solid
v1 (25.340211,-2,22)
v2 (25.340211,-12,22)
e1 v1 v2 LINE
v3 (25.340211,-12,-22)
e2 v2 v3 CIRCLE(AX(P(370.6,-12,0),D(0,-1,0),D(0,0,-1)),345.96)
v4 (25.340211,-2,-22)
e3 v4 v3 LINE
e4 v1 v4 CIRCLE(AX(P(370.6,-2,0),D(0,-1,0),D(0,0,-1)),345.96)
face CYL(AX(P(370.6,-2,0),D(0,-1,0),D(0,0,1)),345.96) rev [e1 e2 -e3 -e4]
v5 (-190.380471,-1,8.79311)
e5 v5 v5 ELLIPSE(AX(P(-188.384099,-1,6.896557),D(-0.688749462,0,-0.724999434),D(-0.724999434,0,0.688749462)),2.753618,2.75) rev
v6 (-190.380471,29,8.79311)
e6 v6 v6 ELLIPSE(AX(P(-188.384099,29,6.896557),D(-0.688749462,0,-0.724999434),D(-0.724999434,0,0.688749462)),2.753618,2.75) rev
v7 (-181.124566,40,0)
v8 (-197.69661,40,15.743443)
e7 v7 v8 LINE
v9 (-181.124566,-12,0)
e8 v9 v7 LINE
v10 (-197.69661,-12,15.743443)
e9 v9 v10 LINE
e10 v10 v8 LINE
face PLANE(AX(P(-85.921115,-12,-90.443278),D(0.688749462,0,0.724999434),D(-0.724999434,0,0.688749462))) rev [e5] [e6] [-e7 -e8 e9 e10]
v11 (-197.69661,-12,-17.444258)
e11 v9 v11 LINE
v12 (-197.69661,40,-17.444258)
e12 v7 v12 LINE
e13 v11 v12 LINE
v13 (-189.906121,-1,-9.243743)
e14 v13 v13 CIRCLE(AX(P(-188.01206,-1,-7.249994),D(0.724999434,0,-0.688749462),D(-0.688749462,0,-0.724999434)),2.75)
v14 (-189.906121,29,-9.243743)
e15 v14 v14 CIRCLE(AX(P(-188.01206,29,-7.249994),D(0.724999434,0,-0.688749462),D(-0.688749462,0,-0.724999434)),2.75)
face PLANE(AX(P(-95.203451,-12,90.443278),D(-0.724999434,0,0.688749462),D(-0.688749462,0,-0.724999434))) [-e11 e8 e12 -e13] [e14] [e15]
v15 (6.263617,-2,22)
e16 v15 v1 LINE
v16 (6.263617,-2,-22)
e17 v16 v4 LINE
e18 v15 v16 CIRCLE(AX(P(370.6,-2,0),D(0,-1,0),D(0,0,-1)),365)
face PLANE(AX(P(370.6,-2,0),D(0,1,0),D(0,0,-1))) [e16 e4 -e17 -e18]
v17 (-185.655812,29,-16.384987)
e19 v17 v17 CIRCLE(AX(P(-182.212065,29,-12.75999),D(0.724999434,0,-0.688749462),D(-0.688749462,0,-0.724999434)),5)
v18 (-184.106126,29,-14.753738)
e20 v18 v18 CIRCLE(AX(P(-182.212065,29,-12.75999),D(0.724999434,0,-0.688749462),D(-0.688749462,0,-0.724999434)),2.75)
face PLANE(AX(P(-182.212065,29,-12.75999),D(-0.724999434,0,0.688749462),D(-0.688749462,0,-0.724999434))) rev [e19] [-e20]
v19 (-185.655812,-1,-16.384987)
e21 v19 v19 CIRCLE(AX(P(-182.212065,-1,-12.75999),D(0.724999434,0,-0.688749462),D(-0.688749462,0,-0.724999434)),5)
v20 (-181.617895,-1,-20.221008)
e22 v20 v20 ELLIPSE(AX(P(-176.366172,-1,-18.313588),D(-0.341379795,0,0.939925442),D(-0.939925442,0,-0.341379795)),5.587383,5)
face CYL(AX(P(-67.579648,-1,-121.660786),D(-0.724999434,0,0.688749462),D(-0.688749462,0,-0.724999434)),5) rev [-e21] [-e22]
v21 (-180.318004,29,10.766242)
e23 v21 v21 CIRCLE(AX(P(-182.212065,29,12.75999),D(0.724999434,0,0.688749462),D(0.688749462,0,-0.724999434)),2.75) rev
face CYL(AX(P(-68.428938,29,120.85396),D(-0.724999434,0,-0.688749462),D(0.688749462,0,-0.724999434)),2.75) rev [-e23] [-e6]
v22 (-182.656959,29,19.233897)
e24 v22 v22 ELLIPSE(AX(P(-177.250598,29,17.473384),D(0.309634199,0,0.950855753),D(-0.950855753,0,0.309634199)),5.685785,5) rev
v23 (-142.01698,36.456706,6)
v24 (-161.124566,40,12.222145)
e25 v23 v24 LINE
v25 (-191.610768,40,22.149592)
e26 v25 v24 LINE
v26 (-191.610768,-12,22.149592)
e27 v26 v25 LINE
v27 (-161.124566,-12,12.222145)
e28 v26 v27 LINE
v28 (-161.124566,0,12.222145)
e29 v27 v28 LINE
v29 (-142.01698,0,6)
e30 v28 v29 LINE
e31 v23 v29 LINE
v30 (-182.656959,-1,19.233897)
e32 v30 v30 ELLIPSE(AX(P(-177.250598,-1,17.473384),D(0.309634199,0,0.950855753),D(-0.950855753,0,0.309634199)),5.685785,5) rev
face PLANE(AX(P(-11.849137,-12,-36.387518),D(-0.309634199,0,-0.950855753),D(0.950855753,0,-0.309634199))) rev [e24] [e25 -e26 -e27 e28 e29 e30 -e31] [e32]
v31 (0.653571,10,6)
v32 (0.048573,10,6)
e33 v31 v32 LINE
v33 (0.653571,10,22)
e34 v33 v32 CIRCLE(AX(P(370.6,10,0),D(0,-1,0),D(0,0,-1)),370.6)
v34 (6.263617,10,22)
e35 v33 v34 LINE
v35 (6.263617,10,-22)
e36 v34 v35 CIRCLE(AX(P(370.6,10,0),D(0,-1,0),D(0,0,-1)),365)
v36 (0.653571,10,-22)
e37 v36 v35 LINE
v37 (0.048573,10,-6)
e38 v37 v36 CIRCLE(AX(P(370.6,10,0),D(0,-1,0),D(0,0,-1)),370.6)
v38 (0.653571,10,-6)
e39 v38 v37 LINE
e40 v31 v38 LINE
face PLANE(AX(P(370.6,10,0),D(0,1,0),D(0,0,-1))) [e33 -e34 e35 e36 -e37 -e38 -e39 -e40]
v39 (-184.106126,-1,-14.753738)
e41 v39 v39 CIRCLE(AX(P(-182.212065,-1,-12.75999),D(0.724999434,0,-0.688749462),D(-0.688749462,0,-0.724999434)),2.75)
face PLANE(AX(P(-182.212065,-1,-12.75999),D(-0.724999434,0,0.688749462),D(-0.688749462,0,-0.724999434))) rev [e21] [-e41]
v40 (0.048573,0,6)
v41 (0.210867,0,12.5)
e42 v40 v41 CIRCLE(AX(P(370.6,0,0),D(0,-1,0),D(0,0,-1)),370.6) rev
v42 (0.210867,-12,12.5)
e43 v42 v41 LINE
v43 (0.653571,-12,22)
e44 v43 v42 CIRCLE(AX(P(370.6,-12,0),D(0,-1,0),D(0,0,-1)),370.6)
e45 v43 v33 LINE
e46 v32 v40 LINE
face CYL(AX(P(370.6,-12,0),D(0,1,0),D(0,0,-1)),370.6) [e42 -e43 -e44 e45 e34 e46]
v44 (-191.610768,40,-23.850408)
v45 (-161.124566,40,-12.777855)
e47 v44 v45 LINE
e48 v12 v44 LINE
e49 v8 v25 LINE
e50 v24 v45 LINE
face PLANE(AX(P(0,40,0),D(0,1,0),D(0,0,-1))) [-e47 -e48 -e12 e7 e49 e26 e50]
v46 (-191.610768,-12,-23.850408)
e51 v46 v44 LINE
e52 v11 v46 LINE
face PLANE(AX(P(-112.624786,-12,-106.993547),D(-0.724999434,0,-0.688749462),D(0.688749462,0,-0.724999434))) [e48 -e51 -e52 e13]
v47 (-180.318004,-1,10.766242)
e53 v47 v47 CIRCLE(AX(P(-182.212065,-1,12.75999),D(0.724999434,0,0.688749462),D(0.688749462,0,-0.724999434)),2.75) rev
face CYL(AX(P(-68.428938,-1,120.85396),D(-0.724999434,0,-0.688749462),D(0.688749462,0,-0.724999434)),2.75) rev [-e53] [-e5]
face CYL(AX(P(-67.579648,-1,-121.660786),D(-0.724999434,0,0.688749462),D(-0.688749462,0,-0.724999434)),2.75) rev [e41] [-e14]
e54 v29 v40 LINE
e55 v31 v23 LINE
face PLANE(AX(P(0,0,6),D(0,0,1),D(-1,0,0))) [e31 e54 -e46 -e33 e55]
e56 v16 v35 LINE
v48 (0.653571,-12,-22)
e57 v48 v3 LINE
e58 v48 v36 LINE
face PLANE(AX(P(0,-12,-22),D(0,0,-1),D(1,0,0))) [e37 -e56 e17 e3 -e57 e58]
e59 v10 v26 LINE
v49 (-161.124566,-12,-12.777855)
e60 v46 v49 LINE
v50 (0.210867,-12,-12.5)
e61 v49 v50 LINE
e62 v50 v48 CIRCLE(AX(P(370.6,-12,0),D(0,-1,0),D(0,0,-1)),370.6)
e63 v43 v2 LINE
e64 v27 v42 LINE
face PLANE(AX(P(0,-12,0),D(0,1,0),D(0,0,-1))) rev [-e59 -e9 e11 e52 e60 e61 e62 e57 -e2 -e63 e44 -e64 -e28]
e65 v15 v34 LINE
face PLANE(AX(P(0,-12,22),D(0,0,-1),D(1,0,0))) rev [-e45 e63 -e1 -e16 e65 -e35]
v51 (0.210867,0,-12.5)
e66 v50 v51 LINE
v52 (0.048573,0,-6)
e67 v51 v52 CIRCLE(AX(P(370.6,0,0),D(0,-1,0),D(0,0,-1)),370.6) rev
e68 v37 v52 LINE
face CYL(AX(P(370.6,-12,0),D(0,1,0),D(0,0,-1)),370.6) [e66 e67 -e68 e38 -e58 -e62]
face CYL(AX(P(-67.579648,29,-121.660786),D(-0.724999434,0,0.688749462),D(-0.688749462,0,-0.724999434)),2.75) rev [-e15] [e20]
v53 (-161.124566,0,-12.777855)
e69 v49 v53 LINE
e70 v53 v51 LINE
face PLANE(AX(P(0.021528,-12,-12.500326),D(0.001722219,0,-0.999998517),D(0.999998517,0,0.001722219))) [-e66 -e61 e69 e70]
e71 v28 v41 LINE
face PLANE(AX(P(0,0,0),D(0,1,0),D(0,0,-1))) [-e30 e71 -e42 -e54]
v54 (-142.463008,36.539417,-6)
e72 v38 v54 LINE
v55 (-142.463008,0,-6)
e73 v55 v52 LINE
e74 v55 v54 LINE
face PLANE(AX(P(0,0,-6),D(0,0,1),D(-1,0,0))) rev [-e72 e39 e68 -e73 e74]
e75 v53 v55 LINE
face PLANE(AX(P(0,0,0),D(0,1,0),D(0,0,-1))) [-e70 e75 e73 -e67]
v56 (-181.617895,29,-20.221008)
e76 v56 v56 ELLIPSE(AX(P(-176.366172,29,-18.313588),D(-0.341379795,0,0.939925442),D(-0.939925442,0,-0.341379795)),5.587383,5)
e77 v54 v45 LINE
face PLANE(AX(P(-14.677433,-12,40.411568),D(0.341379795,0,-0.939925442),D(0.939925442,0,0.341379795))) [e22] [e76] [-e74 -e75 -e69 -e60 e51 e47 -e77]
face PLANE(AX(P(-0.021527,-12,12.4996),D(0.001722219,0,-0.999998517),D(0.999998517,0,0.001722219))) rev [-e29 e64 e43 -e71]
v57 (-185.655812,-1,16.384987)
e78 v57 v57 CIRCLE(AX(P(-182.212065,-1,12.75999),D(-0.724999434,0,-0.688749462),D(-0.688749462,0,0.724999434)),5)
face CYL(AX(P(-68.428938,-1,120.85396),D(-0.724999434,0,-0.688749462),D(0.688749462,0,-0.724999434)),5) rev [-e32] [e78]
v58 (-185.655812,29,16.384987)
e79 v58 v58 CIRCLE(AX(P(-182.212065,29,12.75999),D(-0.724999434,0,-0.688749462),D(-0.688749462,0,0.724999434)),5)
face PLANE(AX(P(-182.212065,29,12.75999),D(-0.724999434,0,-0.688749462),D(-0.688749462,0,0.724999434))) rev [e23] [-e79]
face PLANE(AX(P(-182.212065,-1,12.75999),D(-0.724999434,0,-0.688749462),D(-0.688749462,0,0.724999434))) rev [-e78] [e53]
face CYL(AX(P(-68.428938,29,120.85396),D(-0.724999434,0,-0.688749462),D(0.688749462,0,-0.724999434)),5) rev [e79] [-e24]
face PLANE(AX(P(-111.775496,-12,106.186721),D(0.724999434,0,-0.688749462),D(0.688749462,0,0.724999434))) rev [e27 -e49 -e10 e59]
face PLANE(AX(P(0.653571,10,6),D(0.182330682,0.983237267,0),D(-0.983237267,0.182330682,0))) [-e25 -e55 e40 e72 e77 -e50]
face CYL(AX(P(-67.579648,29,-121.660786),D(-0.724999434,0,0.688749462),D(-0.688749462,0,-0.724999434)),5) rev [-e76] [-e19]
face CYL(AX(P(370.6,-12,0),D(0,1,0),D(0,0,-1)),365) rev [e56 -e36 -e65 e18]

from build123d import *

# Parameters (mm, degrees)
BOSS_EXTRUDE2_DEPTH          = 12
BOSS_EXTRUDE3_START          = -2
BOSS_EXTRUDE3_DEPTH          = 10
BOSS_EXTRUDE4_START          = 10
BOSS_EXTRUDE4_DEPTH          = 22
BOSS_EXTRUDE7_DEPTH          = 40
BOSS_EXTRUDE17_DEPTH         = 6
BOSS_EXTRUDE17_DEPTH_BACK    = 6
CUT_EXTRUDE_THIN1_DEPTH      = 204.107832617
CUT_EXTRUDE_THIN1_DEPTH_BACK = 204.107832617
CUT_EXTRUDE1_START           = -8
SKETCH6_R                    = 5
CUT_EXTRUDE1_DEPTH           = 163.861994657
SKETCH6_4_R                  = 2.75
CUT_EXTRUDE2_DEPTH           = 171.861994657


with BuildPart() as part:
    # Sketch2 → Boss-Extrude2 (new body)
    with BuildSketch(Plane(origin=(0, 0, 0), x_dir=(1, 0, 0), z_dir=(0, 1, 0))):
        with BuildLine():
            Line((-197.696610314, 15.743442535), (-181.12456554, 0))
            Line((-181.12456554, 0), (-197.696610314, -17.444257657))
            Line((-197.696610314, -17.444257657), (-191.610767905, -23.850407561))
            Line((-191.610767905, -23.850407561), (-161.12456554, -12.777855375))
            Line((-161.12456554, -12.777855375), (0.21086679, -12.5))
            ThreePointArc((0.21086679, -12.5), (0.401744327, -17.25142014), (0.653571446, -22))
            Line((0.653571446, -22), (6.263616969, -22))
            ThreePointArc((6.263616969, -22), (5.6, 0), (6.263616969, 22))
            Line((6.263616969, 22), (0.653571446, 22))
            ThreePointArc((0.653571446, 22), (0.401744327, 17.25142014), (0.21086679, 12.5))
            Line((0.21086679, 12.5), (-161.12456554, 12.222144625))
            Line((-161.12456554, 12.222144625), (-191.610767905, 22.149592439))
            Line((-191.610767905, 22.149592439), (-197.696610314, 15.743442535))
        make_face()
    extrude(amount=-BOSS_EXTRUDE2_DEPTH)

    # Sketch2<5> → Boss-Extrude3 (add)
    with BuildSketch(Plane(origin=(0, 0, 0), x_dir=(1, 0, 0), z_dir=(0, 1, 0)).offset(BOSS_EXTRUDE3_START)):
        with BuildLine():
            Line((25.340211435, 22), (6.263616969, 22))
            ThreePointArc((6.263616969, 22), (5.6, 0), (6.263616969, -22))
            Line((6.263616969, -22), (25.340211435, -22))
            ThreePointArc((25.340211435, -22), (24.64, 0), (25.340211435, 22))
        make_face()
    extrude(amount=-BOSS_EXTRUDE3_DEPTH)

    # Sketch2<6> → Boss-Extrude4 (add)
    with BuildSketch(Plane(origin=(0, 0, 0), x_dir=(1, 0, 0), z_dir=(0, 1, 0)).offset(BOSS_EXTRUDE4_START)):
        with BuildLine():
            ThreePointArc((0.653571446, 22), (0.401744327, 17.25142014), (0.21086679, 12.5))
            ThreePointArc((0.21086679, 12.5), (0, 0), (0.21086679, -12.5))
            ThreePointArc((0.21086679, -12.5), (0.401744327, -17.25142014), (0.653571446, -22))
            Line((0.653571446, -22), (6.263616969, -22))
            ThreePointArc((6.263616969, -22), (5.6, 0), (6.263616969, 22))
            Line((6.263616969, 22), (0.653571446, 22))
        make_face()
    extrude(amount=-BOSS_EXTRUDE4_DEPTH)

    # Sketch2<9> → Boss-Extrude7 (add)
    with BuildSketch(Plane(origin=(0, 0, 0), x_dir=(1, 0, 0), z_dir=(0, 1, 0))):
        Polygon((-197.696610314, 15.743442535), (-181.12456554, 0), (-197.696610314, -17.444257657), (-191.610767905, -23.850407561), (-124.831467486, 0.40375437), (-191.610767905, 22.149592439), align=None)
    extrude(amount=BOSS_EXTRUDE7_DEPTH)

    # Sketch4 → Boss-Extrude17 (add, two sides: drawn at the far end of the back side and taken through both)
    with BuildSketch(Plane.XY.offset(-BOSS_EXTRUDE17_DEPTH_BACK)):
        Polygon((0.653571446, 10), (-161.12456554, 40), (-161.12456554, 0), (0.653571446, 0), align=None)
    extrude(amount=BOSS_EXTRUDE17_DEPTH + BOSS_EXTRUDE17_DEPTH_BACK)

    # Sketch5 → Cut-Extrude-Thin1 (cut, two sides: drawn at the far end of the back side and taken through both)
    with BuildSketch(Plane.XY.offset(-CUT_EXTRUDE_THIN1_DEPTH_BACK)):
        Polygon((0.653571446, 10), (-161.12456554, 40), (-159.301258723, 49.832372666), (2.476878263, 19.832372666), align=None)
    extrude(amount=CUT_EXTRUDE_THIN1_DEPTH + CUT_EXTRUDE_THIN1_DEPTH_BACK, mode=Mode.SUBTRACT)

    # Sketch6 → Cut-Extrude1 (cut, through all)
    with BuildSketch(Plane(origin=(-95.203451007, 0, -90.443278456), x_dir=(-0.6887494619146907, 0, 0.724999433594416), z_dir=(-0.724999433594416, 0, -0.6887494619146907)).offset(CUT_EXTRUDE1_START)):
        with Locations((134.749447055, 29)):
            Circle(SKETCH6_R)
        with Locations((134.749447055, -1)):
            Circle(SKETCH6_R)
    cut_extrude1 = extrude(amount=-CUT_EXTRUDE1_DEPTH, mode=Mode.SUBTRACT)

    # Sketch6<4> → Cut-Extrude2 (cut, symmetric)
    with BuildSketch(Plane(origin=(-95.203451007, 0, -90.443278456), x_dir=(-0.6887494619146907, 0, 0.724999433594416), z_dir=(-0.724999433594416, 0, -0.6887494619146907))):
        with Locations((134.749447055, 29)):
            Circle(SKETCH6_4_R)
        with Locations((134.749447055, -1)):
            Circle(SKETCH6_4_R)
    cut_extrude2 = extrude(amount=CUT_EXTRUDE2_DEPTH, both=True, mode=Mode.SUBTRACT)

    # Mirror1: Cut-Extrude1, Cut-Extrude2 across plane
    add(cut_extrude1.mirror(Plane.XY), mode=Mode.SUBTRACT)
    add(cut_extrude2.mirror(Plane.XY), mode=Mode.SUBTRACT)


with BuildPart() as body_2:
    # Mirror3: mirrored copy
    add(part.part.mirror(Plane.XY))


solid = body_2.part
